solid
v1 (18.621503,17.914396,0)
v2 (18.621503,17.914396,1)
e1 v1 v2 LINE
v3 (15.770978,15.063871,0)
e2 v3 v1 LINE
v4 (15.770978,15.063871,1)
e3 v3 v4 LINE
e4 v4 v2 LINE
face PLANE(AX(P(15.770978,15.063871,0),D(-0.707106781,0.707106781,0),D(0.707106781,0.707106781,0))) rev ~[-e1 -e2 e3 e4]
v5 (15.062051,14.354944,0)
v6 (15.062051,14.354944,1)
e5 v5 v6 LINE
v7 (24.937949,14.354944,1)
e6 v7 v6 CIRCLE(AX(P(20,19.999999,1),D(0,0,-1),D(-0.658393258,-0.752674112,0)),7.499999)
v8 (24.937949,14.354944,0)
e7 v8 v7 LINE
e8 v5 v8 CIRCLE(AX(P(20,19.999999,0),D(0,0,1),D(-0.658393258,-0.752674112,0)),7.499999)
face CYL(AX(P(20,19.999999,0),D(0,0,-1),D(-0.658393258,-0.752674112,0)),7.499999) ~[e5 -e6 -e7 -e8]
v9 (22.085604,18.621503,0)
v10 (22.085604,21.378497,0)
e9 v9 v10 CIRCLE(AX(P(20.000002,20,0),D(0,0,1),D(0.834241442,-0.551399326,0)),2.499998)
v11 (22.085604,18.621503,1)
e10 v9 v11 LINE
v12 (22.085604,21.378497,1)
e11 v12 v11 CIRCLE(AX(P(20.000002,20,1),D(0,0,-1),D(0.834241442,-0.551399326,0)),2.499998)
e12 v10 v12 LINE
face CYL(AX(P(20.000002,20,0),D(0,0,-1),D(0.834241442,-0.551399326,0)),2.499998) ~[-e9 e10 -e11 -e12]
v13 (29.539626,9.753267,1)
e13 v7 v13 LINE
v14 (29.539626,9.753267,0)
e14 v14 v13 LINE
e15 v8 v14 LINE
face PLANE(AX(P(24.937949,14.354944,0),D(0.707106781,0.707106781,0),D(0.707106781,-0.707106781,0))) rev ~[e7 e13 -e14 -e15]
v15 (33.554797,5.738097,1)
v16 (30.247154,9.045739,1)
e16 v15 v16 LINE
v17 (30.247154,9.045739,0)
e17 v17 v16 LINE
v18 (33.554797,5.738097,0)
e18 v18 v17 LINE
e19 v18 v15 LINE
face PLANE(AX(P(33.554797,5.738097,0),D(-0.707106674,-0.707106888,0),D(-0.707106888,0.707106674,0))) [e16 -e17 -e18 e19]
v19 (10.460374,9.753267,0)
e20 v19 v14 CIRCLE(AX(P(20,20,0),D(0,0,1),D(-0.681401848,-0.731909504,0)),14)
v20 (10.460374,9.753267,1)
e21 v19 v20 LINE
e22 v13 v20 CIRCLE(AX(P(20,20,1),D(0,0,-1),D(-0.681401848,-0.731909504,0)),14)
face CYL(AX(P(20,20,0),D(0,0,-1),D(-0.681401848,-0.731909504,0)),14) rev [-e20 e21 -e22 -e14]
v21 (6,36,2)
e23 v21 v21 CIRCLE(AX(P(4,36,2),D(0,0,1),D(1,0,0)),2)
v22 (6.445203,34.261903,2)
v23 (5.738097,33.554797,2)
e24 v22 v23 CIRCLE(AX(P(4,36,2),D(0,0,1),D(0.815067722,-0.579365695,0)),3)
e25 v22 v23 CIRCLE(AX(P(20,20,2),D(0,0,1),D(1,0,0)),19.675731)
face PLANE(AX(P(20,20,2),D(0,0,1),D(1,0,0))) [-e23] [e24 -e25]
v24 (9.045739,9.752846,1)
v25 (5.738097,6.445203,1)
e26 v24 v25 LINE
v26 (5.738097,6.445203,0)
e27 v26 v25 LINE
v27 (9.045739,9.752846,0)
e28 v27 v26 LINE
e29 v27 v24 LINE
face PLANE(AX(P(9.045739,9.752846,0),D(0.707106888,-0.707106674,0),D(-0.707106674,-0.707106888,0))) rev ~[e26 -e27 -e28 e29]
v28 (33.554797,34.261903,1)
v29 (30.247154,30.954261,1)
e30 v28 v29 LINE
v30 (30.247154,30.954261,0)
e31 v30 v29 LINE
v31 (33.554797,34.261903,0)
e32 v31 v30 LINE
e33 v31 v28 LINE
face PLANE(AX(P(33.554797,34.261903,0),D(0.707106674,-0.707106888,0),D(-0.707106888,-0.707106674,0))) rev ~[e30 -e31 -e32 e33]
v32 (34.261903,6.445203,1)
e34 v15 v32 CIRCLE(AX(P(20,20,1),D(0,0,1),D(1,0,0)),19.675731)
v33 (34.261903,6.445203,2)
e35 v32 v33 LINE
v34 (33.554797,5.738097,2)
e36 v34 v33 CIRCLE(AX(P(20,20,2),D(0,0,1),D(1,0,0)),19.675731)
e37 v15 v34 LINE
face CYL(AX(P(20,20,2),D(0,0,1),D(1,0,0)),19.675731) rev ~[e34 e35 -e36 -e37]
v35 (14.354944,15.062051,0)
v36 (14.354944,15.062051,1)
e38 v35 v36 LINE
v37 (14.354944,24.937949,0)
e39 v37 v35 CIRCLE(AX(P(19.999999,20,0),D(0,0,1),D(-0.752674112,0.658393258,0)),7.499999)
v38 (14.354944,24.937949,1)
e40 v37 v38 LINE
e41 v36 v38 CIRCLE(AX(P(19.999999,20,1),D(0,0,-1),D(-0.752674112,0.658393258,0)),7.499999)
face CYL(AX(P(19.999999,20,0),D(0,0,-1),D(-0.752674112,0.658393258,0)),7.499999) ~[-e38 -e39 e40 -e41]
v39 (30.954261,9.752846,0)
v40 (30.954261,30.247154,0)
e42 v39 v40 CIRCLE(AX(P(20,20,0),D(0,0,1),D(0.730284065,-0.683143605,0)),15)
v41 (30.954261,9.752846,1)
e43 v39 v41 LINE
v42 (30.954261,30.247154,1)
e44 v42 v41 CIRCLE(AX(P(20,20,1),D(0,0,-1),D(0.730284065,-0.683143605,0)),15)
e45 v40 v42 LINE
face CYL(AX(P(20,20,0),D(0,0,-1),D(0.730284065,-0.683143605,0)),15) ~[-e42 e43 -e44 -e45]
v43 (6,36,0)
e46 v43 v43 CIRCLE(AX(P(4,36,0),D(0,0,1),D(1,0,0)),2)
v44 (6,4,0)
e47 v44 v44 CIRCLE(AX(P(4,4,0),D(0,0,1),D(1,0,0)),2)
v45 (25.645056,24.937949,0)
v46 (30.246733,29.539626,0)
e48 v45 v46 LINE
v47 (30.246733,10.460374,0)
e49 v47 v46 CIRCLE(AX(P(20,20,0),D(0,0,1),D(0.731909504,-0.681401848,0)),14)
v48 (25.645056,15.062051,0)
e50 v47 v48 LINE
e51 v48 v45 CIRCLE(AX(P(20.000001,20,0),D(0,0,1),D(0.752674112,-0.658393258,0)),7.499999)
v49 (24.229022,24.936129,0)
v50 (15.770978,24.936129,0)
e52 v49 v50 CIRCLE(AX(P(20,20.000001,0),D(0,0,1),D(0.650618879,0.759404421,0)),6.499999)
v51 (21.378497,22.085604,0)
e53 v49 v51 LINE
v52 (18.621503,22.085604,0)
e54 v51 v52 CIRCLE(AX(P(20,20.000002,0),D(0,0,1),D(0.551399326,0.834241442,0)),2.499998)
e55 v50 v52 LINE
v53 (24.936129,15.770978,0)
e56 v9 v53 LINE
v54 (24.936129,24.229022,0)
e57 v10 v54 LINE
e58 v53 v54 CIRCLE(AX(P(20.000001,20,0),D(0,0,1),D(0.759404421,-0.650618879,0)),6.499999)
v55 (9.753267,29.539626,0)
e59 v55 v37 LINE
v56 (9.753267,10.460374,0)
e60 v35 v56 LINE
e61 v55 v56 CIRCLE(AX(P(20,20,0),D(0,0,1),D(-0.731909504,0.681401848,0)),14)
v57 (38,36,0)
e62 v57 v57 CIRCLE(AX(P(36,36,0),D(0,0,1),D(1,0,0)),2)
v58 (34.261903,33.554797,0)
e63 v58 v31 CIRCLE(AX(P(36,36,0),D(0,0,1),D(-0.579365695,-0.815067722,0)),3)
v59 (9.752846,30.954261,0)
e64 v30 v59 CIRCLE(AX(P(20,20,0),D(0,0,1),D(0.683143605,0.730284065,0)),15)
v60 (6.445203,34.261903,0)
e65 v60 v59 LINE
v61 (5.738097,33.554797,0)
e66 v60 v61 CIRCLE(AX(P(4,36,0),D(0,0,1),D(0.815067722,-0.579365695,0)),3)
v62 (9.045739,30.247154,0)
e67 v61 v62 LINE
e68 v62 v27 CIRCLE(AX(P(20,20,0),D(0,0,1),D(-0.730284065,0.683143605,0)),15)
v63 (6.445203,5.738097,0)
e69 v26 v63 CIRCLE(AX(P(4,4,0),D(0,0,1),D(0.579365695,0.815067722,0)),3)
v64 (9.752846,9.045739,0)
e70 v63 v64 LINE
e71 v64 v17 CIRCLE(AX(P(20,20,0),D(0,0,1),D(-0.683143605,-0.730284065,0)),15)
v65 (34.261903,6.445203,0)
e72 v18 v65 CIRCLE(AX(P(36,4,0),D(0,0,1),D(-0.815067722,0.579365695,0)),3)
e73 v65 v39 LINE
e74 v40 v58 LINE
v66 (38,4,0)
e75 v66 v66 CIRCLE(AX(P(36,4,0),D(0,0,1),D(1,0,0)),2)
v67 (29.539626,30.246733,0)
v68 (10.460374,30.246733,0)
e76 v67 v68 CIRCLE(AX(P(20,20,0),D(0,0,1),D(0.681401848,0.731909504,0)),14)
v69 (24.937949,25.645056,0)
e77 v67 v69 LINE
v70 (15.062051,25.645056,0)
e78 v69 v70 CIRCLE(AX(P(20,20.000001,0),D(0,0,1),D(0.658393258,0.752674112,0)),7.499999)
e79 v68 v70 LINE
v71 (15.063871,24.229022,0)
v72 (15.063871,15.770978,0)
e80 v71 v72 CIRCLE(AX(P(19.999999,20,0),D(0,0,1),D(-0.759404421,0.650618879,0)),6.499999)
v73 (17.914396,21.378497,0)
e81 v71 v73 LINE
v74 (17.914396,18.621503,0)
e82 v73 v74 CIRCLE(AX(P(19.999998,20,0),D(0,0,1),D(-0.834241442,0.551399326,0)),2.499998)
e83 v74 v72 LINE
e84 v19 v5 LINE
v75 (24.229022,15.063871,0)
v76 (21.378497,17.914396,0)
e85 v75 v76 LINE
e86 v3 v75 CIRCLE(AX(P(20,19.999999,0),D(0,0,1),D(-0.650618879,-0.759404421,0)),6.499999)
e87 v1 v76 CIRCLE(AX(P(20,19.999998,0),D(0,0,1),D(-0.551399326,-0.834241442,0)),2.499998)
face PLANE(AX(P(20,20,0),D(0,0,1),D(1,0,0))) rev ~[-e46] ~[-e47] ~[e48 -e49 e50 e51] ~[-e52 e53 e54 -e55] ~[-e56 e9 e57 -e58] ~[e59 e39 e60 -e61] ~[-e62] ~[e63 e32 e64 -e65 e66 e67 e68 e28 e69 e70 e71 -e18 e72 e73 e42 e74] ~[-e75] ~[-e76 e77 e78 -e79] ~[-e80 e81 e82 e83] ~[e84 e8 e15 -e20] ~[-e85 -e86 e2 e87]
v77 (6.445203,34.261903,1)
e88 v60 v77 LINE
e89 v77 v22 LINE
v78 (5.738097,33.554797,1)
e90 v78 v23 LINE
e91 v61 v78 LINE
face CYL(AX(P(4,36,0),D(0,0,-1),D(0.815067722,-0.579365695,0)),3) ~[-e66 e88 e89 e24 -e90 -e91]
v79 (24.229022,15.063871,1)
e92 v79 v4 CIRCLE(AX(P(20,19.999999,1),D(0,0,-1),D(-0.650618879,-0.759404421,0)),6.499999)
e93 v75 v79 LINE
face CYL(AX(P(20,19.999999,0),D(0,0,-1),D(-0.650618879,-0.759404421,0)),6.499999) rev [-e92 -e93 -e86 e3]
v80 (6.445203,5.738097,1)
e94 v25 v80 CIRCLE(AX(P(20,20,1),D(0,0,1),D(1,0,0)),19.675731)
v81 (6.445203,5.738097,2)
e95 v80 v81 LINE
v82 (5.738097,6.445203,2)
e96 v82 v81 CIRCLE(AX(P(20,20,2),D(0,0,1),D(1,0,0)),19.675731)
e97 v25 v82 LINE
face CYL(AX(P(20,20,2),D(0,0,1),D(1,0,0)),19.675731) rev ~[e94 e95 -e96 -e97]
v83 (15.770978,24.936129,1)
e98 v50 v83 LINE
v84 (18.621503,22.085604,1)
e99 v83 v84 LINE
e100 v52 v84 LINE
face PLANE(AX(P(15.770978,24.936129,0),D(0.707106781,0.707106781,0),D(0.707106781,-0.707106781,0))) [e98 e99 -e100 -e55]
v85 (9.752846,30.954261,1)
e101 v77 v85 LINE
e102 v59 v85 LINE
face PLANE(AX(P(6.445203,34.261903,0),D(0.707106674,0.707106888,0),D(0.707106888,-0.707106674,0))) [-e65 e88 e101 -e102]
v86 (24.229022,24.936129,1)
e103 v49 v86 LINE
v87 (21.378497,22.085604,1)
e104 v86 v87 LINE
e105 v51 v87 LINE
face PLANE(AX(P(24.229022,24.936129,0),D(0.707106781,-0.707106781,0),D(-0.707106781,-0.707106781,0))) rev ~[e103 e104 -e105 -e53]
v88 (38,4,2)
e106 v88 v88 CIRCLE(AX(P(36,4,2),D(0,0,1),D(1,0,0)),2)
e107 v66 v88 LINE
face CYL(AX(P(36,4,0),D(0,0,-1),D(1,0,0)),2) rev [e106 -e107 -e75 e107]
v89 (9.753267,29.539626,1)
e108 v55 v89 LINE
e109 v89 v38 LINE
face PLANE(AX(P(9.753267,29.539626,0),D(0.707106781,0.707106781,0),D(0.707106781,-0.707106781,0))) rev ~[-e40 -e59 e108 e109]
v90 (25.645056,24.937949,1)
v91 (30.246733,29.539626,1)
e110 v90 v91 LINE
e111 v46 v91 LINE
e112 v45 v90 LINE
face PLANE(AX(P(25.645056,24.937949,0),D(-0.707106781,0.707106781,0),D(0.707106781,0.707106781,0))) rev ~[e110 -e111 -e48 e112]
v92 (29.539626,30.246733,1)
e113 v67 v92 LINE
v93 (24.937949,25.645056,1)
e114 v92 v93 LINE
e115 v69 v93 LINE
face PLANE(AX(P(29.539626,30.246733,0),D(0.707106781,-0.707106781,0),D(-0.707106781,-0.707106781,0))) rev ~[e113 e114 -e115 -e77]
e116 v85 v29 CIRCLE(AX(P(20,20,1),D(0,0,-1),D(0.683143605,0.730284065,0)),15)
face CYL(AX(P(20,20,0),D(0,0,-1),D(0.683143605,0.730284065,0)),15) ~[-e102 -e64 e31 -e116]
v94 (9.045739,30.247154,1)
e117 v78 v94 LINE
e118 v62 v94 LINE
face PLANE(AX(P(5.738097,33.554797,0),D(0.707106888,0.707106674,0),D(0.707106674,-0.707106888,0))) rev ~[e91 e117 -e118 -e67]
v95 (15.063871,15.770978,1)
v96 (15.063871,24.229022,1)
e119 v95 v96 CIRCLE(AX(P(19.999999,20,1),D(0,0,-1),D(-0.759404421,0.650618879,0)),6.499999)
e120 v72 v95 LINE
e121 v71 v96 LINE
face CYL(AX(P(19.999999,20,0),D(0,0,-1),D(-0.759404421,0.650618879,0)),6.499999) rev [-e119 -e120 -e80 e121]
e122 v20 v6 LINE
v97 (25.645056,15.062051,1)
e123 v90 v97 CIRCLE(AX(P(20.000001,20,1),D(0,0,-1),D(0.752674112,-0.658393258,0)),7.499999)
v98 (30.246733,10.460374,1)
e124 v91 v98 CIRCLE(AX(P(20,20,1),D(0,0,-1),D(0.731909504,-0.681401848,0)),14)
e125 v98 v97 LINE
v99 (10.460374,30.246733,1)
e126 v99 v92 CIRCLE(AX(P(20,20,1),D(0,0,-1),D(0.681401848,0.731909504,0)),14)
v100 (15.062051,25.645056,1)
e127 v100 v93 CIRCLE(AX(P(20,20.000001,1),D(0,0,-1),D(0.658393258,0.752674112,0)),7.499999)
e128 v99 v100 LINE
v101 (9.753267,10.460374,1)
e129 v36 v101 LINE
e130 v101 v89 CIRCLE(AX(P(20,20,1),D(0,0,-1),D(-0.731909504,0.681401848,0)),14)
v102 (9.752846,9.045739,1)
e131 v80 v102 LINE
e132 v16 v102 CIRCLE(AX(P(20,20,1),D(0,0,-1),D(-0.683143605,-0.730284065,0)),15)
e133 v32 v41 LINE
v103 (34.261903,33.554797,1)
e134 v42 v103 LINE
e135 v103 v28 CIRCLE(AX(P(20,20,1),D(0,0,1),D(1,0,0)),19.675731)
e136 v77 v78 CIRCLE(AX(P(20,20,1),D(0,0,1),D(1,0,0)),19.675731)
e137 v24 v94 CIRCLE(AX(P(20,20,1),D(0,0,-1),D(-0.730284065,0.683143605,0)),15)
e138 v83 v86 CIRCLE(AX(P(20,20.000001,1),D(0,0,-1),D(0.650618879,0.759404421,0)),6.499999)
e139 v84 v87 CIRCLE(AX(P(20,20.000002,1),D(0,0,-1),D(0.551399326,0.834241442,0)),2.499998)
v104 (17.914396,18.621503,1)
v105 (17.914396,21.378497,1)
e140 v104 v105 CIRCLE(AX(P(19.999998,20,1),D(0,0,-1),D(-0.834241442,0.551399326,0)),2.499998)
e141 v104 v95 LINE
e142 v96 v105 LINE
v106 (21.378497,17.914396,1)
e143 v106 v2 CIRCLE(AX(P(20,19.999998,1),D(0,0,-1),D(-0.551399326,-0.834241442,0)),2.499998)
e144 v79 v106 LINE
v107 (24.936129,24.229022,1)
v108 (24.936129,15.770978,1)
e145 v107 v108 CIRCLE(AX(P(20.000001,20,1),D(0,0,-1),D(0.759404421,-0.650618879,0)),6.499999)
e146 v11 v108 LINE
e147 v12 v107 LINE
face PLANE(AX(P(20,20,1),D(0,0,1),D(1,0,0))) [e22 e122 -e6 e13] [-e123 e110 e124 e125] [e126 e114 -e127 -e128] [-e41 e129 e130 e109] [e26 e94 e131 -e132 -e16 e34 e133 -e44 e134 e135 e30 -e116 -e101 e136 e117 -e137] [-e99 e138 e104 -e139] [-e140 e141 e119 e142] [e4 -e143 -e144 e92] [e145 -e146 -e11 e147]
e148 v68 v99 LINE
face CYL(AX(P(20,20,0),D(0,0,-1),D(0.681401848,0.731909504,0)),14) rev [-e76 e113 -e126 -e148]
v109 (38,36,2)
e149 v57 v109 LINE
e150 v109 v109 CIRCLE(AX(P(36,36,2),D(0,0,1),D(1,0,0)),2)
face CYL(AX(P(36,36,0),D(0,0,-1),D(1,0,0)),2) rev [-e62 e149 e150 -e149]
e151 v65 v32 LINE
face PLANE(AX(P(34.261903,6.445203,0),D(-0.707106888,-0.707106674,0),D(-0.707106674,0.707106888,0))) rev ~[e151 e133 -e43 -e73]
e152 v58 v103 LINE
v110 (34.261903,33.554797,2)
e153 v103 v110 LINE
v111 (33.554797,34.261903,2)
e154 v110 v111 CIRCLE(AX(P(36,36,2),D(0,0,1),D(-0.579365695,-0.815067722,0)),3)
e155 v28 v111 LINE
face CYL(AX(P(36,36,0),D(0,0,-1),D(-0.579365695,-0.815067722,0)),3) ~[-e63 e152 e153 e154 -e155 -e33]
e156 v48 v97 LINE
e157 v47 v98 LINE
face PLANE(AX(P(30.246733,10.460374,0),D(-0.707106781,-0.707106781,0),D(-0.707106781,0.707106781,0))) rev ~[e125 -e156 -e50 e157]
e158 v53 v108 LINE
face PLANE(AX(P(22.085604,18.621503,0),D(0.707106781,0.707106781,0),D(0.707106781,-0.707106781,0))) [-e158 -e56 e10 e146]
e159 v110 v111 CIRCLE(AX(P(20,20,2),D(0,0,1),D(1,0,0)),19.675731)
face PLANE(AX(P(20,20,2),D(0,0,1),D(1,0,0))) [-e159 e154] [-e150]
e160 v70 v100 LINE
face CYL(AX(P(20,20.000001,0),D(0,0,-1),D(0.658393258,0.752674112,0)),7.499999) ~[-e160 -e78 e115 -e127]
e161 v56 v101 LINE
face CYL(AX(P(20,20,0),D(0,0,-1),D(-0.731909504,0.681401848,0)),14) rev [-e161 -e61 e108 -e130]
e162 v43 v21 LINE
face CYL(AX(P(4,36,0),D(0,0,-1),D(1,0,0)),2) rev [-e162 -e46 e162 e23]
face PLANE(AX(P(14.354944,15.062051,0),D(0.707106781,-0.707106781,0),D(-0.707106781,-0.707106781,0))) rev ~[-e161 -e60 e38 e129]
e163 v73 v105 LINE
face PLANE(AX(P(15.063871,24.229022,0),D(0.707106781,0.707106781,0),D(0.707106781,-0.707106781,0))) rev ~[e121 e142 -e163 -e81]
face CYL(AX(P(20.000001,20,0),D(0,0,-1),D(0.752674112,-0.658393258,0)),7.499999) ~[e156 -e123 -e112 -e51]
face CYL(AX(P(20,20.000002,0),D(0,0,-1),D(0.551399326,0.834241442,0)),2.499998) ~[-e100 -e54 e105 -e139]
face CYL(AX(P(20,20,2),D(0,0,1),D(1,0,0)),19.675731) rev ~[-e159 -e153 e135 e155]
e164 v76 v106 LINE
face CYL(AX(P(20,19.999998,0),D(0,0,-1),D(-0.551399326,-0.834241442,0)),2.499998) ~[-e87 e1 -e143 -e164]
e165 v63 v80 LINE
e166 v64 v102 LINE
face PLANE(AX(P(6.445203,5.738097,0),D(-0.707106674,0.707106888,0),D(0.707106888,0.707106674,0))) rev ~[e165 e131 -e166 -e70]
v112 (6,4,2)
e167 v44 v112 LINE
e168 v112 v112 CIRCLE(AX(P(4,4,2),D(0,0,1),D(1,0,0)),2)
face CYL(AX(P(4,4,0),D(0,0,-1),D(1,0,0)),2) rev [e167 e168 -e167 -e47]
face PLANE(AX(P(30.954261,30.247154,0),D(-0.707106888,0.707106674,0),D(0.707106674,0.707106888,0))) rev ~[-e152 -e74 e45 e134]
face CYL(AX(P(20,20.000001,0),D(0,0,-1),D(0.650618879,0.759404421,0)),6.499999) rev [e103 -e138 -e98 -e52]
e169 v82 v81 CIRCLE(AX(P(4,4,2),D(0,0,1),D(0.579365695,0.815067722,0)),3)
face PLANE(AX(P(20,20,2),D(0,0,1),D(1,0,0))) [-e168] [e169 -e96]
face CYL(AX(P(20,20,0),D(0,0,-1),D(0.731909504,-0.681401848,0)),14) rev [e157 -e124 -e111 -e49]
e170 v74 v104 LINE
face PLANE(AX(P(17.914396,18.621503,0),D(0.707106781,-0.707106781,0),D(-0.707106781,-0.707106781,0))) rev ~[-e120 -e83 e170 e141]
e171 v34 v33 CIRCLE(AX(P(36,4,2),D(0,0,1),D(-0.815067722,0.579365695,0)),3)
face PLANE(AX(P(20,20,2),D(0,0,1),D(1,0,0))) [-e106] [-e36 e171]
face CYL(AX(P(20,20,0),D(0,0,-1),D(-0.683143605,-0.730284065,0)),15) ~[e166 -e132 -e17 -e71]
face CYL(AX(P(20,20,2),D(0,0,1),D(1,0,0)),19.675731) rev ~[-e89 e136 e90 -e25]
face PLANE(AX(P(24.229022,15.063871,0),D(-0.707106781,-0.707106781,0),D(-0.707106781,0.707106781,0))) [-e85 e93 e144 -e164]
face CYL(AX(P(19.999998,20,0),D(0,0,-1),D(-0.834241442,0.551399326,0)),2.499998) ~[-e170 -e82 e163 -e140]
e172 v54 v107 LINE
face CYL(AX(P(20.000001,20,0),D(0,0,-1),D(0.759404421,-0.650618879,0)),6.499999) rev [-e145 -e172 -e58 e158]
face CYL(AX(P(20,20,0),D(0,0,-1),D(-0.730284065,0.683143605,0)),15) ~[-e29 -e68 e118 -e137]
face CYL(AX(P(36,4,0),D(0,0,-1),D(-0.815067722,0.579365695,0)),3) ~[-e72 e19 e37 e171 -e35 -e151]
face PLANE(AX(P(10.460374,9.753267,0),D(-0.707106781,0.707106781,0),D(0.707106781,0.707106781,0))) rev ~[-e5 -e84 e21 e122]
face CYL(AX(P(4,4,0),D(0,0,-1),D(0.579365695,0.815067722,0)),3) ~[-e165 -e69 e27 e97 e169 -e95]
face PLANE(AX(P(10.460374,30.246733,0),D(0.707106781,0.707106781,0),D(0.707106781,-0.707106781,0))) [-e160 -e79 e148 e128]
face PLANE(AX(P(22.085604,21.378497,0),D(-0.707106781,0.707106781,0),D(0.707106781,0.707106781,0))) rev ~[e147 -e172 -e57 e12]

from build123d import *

# Parameters (mm, degrees)
SKETCH_R     = 2
PAD_DEPTH    = 2
SKETCH001_R  = 19.675731
POCKET_DEPTH = 1


with BuildPart() as part:
    # Sketch → Pad (new body)
    with BuildSketch(Plane.XY):
        with BuildLine():
            ThreePointArc((6.445203, 34.261903), (1.87868, 38.12132), (5.738097, 33.554797))
            Line((5.738097, 33.554797), (9.045739, 30.247154))
            ThreePointArc((9.045739, 30.247154), (5, 20), (9.045739, 9.752846))
            Line((9.045739, 9.752846), (5.738097, 6.445203))
            ThreePointArc((5.738097, 6.445203), (1.87868, 1.87868), (6.445203, 5.738097))
            Line((6.445203, 5.738097), (9.752846, 9.045739))
            ThreePointArc((9.752846, 9.045739), (20, 5), (30.247154, 9.045739))
            Line((33.554797, 5.738097), (30.247154, 9.045739))
            ThreePointArc((33.554797, 5.738097), (38.12132, 1.87868), (34.261903, 6.445203))
            Line((34.261903, 6.445203), (30.954261, 9.752846))
            ThreePointArc((30.954261, 9.752846), (35, 20), (30.954261, 30.247154))
            Line((30.954261, 30.247154), (34.261903, 33.554797))
            ThreePointArc((34.261903, 33.554797), (38.12132, 38.12132), (33.554797, 34.261903))
            Line((33.554797, 34.261903), (30.247154, 30.954261))
            ThreePointArc((30.247154, 30.954261), (20, 35), (9.752846, 30.954261))
            Line((6.445203, 34.261903), (9.752846, 30.954261))
        make_face()
        with Locations((4, 36)):
            Circle(SKETCH_R, mode=Mode.SUBTRACT)
        with Locations((36, 36)):
            Circle(SKETCH_R, mode=Mode.SUBTRACT)
        with Locations((4, 4)):
            Circle(SKETCH_R, mode=Mode.SUBTRACT)
        with Locations((36, 4)):
            Circle(SKETCH_R, mode=Mode.SUBTRACT)
        with BuildLine():
            ThreePointArc((30.246733, 10.460374), (34, 20), (30.246733, 29.539626))
            Line((25.645056, 24.937949), (30.246733, 29.539626))
            ThreePointArc((25.645056, 15.062051), (27.5, 20), (25.645056, 24.937949))
            Line((30.246733, 10.460374), (25.645056, 15.062051))
        make_face(mode=Mode.SUBTRACT)
        with BuildLine():
            ThreePointArc((14.354944, 24.937949), (12.5, 20), (14.354944, 15.062051))
            Line((14.354944, 15.062051), (9.753267, 10.460374))
            ThreePointArc((9.753267, 29.539626), (6, 20), (9.753267, 10.460374))
            Line((9.753267, 29.539626), (14.354944, 24.937949))
        make_face(mode=Mode.SUBTRACT)
        with BuildLine():
            ThreePointArc((24.936129, 15.770978), (26.5, 20), (24.936129, 24.229022))
            Line((22.085604, 21.378497), (24.936129, 24.229022))
            ThreePointArc((22.085604, 18.621503), (22.5, 20), (22.085604, 21.378497))
            Line((22.085604, 18.621503), (24.936129, 15.770978))
        make_face(mode=Mode.SUBTRACT)
        with BuildLine():
            ThreePointArc((17.914396, 21.378497), (17.5, 20), (17.914396, 18.621503))
            Line((17.914396, 18.621503), (15.063871, 15.770978))
            ThreePointArc((15.063871, 24.229022), (13.5, 20), (15.063871, 15.770978))
            Line((15.063871, 24.229022), (17.914396, 21.378497))
        make_face(mode=Mode.SUBTRACT)
        with BuildLine():
            Line((10.460374, 30.246733), (15.062051, 25.645056))
            ThreePointArc((24.937949, 25.645056), (20, 27.5), (15.062051, 25.645056))
            Line((29.539626, 30.246733), (24.937949, 25.645056))
            ThreePointArc((29.539626, 30.246733), (20, 34), (10.460374, 30.246733))
        make_face(mode=Mode.SUBTRACT)
        with BuildLine():
            Line((15.770978, 24.936129), (18.621503, 22.085604))
            ThreePointArc((21.378497, 22.085604), (20, 22.5), (18.621503, 22.085604))
            Line((24.229022, 24.936129), (21.378497, 22.085604))
            ThreePointArc((24.229022, 24.936129), (20, 26.5), (15.770978, 24.936129))
        make_face(mode=Mode.SUBTRACT)
        with BuildLine():
            Line((24.937949, 14.354944), (29.539626, 9.753267))
            ThreePointArc((10.460374, 9.753267), (20, 6), (29.539626, 9.753267))
            Line((10.460374, 9.753267), (15.062051, 14.354944))
            ThreePointArc((15.062051, 14.354944), (20, 12.5), (24.937949, 14.354944))
        make_face(mode=Mode.SUBTRACT)
        with BuildLine():
            Line((24.229022, 15.063871), (21.378497, 17.914396))
            ThreePointArc((18.621503, 17.914396), (20, 17.5), (21.378497, 17.914396))
            Line((15.770978, 15.063871), (18.621503, 17.914396))
            ThreePointArc((15.770978, 15.063871), (20, 13.5), (24.229022, 15.063871))
        make_face(mode=Mode.SUBTRACT)
    extrude(amount=PAD_DEPTH)

    # Sketch001 (on Face54 of Pad) → Pocket (cut)
    with BuildSketch(Plane.XY.offset(2)):
        with Locations((20, 20)):
            Circle(SKETCH001_R)
    extrude(amount=-POCKET_DEPTH, mode=Mode.SUBTRACT)


solid = part.part
